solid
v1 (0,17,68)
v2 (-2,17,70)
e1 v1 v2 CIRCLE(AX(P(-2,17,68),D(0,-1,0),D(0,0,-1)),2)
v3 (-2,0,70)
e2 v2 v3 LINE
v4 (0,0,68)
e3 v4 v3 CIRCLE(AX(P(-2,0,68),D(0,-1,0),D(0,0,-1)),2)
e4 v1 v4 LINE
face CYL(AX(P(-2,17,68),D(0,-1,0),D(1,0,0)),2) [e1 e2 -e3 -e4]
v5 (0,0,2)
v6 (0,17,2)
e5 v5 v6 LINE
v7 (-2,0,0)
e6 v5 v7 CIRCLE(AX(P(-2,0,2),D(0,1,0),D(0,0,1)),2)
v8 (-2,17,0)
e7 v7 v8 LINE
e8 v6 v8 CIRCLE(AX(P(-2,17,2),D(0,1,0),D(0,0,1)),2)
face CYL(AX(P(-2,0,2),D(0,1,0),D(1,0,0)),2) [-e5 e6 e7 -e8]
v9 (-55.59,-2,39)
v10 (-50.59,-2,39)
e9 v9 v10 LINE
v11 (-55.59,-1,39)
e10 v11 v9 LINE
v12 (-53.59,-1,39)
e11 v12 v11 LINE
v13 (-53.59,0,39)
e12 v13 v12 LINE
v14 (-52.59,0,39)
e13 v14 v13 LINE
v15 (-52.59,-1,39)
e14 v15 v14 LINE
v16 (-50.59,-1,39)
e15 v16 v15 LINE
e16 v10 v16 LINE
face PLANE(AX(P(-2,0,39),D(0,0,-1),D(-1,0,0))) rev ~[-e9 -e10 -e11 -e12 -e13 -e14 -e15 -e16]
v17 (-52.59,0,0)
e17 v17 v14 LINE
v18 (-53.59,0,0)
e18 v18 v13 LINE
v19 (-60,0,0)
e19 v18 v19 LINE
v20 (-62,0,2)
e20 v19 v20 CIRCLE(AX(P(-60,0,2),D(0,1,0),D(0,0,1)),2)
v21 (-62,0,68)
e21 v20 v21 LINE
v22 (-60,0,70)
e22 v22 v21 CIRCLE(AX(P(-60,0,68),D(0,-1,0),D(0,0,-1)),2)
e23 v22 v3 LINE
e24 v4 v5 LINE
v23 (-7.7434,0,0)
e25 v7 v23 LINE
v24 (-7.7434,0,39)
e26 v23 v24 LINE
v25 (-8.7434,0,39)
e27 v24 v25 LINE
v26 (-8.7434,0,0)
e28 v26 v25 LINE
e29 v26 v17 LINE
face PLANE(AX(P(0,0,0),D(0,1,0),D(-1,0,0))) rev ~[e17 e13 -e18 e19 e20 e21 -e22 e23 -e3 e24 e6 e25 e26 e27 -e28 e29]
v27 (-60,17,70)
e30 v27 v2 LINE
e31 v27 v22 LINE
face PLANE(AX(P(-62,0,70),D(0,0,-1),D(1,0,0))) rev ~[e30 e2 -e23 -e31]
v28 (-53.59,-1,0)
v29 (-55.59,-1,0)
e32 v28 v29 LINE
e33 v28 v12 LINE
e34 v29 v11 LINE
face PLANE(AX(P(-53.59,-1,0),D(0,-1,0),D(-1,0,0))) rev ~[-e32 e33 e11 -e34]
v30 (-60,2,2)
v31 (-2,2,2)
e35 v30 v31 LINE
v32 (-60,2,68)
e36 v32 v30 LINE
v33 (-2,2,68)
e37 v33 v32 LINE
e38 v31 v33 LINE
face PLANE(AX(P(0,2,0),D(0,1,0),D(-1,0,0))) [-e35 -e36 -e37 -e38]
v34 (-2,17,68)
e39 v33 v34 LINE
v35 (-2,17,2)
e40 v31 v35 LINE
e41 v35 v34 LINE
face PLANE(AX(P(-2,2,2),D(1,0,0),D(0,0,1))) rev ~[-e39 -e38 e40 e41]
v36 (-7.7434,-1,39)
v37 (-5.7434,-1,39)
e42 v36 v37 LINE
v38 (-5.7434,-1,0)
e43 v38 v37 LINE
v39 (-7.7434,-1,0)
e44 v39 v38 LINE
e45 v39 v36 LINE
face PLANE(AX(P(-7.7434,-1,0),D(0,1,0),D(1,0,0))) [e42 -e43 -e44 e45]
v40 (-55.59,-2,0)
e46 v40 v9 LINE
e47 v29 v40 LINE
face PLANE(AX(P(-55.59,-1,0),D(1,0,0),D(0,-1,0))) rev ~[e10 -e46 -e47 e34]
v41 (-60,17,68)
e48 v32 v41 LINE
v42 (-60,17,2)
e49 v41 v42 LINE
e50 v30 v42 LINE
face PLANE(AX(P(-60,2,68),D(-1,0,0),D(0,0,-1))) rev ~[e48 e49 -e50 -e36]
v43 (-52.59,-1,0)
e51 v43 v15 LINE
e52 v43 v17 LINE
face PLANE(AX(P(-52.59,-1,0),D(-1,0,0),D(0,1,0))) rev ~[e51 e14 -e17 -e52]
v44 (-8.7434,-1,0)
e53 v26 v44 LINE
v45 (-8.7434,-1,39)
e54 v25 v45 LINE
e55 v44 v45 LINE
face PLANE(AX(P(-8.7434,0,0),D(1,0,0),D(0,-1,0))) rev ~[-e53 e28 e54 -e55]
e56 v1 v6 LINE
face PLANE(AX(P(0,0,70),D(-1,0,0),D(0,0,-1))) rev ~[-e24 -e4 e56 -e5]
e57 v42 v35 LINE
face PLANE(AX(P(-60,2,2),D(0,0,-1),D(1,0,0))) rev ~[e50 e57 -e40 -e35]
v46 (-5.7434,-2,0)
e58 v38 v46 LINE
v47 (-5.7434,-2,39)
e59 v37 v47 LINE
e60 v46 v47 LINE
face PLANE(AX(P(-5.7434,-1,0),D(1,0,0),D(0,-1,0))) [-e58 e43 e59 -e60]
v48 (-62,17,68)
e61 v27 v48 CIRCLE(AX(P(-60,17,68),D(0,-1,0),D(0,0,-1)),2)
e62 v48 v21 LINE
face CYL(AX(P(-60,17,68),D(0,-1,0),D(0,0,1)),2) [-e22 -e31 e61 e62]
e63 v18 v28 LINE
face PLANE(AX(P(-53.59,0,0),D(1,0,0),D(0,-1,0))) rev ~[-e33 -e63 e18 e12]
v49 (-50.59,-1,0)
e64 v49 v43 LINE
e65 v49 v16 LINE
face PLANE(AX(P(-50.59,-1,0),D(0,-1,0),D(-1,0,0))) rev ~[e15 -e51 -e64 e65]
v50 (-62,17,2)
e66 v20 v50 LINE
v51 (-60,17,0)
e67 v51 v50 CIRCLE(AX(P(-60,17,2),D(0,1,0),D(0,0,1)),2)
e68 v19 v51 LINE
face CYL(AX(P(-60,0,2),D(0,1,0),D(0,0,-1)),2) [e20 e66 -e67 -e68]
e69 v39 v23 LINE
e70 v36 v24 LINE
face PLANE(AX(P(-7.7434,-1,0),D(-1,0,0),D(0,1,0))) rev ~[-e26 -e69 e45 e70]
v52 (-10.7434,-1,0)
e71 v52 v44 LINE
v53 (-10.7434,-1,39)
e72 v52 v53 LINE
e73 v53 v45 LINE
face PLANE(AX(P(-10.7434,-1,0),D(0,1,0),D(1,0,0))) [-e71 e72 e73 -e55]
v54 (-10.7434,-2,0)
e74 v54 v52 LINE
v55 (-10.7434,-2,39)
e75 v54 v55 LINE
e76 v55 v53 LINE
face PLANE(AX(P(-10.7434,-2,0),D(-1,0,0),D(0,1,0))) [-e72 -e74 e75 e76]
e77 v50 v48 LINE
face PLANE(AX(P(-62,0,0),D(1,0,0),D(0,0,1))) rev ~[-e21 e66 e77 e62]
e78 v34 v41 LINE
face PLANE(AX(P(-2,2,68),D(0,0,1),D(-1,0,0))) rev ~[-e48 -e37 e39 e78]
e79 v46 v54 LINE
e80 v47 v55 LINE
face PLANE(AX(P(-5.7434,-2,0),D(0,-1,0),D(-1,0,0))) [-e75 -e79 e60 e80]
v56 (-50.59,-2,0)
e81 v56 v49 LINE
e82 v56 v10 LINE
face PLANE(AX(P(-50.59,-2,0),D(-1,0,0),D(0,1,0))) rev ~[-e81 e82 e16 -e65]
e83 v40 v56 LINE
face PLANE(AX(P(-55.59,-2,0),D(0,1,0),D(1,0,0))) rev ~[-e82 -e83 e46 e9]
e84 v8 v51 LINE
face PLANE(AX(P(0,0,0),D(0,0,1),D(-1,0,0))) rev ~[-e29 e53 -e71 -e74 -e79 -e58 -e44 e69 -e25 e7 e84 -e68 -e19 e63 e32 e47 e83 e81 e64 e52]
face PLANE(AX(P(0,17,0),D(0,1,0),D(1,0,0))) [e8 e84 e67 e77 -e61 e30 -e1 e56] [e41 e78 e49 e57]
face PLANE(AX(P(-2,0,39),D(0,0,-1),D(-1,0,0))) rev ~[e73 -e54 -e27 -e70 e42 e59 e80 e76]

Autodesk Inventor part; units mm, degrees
ref_plane "YZ Plane" through (0, 0, 0) normal (1, 0, 0) x (0, 1, 0)
ref_plane "XZ Plane" through (0, 0, 0) normal (0, 1, 0) x (-1, 0, 0)
ref_plane "XY Plane" through (0, 0, 0) normal (0, 0, 1) x (1, 0, 0)
sketch "Sketch1" plane through (0, 0, 0) normal (0, 1, 0) x (-1, 0, 0)
  line L0 (0, 0) -> (62, 0)
  line L1 (62, 0) -> (62, 70)
  line L2 (62, 70) -> (0, 70)
  line L3 (0, 70) -> (0, 0)
  dimension "d0" = 62
  dimension "d1" = 70
extrude "Extrusion1" add sketch "Sketch1" along normal blind 2
sketch "Sketch2" plane through (0, 2, 0) normal (0, 1, 0) x (1, 0, 0)
  line L0 (0, 0) -> (-62, 0) projected
  line L1 (-62, 0) -> (-62, -70) projected
  line L2 (-62, -70) -> (0, -70) projected
  line L3 (0, -70) -> (0, 0) projected
  line L4 (-60, -2) -> (-2, -2)
  line L5 (-2, -2) -> (-2, -68)
  line L6 (-2, -68) -> (-60, -68)
  line L7 (-60, -68) -> (-60, -2)
  line L8 (0, 0) -> (-62, 0) projected
  line L9 (-62, 0) -> (-62, -70) projected
  line L10 (-62, -70) -> (0, -70) projected
  line L11 (0, -70) -> (0, 0) projected
  dimension "d4" = 2
  dimension "d5" = 2
  dimension "d6" = 2
  dimension "d7" = 2
extrude "Extrusion2" add sketch "Sketch2" along normal blind 15
fillet "Fillet1" radius 2 4 edges at (-62, 8.5, 70) (-62, 8.5, 0) (0, 8.5, 0) (0, 8.5, 70)
sketch "Sketch3" plane through (-2, 0, 0) normal (0, 0, -1) x (-1, 0, 0)
  line L0 (0, 0) -> (58, 0) projected
  line L1 (8.7434, -1) -> (3.7434, -1)
  line L2 (3.7434, -1) -> (3.7434, -2)
  line L3 (3.7434, -2) -> (8.7434, -2)
  line L4 (8.7434, -2) -> (8.7434, -1)
  line L5 (5.7434, 0) -> (6.7434, 0)
  line L6 (6.7434, 0) -> (6.7434, -1)
  line L7 (6.7434, -1) -> (5.7434, -1)
  line L8 (5.7434, -1) -> (5.7434, 0)
  line L9 (50.59, 0) -> (51.59, 0)
  line L10 (51.59, 0) -> (51.59, -1)
  line L11 (51.59, -1) -> (50.59, -1)
  line L12 (50.59, -1) -> (50.59, 0)
  line L13 (48.59, -1) -> (53.59, -1)
  line L14 (53.59, -1) -> (53.59, -2)
  line L15 (53.59, -2) -> (48.59, -2)
  line L16 (48.59, -2) -> (48.59, -1)
  point P0 (-2, 0)
  point P1 (29, 0)
  point P2 (9.41, 0)
  point P3 (48.59, 0)
  dimension "d11" = 19.59
  dimension "d12" = 19.59
  dimension "d14" = 2
  dimension "d15" = 2
  dimension "d16" = 2
  dimension "d17" = 2
  dimension "d18" = 2
  dimension "d19" = 1
  dimension "d20" = 1
  dimension "d21" = 1
  dimension "d22" = 1
  dimension "d23" = 1
  dimension "d24" = 1
extrude "Extrusion3" add sketch "Sketch3" against normal blind 39
properties part number "Insert"
